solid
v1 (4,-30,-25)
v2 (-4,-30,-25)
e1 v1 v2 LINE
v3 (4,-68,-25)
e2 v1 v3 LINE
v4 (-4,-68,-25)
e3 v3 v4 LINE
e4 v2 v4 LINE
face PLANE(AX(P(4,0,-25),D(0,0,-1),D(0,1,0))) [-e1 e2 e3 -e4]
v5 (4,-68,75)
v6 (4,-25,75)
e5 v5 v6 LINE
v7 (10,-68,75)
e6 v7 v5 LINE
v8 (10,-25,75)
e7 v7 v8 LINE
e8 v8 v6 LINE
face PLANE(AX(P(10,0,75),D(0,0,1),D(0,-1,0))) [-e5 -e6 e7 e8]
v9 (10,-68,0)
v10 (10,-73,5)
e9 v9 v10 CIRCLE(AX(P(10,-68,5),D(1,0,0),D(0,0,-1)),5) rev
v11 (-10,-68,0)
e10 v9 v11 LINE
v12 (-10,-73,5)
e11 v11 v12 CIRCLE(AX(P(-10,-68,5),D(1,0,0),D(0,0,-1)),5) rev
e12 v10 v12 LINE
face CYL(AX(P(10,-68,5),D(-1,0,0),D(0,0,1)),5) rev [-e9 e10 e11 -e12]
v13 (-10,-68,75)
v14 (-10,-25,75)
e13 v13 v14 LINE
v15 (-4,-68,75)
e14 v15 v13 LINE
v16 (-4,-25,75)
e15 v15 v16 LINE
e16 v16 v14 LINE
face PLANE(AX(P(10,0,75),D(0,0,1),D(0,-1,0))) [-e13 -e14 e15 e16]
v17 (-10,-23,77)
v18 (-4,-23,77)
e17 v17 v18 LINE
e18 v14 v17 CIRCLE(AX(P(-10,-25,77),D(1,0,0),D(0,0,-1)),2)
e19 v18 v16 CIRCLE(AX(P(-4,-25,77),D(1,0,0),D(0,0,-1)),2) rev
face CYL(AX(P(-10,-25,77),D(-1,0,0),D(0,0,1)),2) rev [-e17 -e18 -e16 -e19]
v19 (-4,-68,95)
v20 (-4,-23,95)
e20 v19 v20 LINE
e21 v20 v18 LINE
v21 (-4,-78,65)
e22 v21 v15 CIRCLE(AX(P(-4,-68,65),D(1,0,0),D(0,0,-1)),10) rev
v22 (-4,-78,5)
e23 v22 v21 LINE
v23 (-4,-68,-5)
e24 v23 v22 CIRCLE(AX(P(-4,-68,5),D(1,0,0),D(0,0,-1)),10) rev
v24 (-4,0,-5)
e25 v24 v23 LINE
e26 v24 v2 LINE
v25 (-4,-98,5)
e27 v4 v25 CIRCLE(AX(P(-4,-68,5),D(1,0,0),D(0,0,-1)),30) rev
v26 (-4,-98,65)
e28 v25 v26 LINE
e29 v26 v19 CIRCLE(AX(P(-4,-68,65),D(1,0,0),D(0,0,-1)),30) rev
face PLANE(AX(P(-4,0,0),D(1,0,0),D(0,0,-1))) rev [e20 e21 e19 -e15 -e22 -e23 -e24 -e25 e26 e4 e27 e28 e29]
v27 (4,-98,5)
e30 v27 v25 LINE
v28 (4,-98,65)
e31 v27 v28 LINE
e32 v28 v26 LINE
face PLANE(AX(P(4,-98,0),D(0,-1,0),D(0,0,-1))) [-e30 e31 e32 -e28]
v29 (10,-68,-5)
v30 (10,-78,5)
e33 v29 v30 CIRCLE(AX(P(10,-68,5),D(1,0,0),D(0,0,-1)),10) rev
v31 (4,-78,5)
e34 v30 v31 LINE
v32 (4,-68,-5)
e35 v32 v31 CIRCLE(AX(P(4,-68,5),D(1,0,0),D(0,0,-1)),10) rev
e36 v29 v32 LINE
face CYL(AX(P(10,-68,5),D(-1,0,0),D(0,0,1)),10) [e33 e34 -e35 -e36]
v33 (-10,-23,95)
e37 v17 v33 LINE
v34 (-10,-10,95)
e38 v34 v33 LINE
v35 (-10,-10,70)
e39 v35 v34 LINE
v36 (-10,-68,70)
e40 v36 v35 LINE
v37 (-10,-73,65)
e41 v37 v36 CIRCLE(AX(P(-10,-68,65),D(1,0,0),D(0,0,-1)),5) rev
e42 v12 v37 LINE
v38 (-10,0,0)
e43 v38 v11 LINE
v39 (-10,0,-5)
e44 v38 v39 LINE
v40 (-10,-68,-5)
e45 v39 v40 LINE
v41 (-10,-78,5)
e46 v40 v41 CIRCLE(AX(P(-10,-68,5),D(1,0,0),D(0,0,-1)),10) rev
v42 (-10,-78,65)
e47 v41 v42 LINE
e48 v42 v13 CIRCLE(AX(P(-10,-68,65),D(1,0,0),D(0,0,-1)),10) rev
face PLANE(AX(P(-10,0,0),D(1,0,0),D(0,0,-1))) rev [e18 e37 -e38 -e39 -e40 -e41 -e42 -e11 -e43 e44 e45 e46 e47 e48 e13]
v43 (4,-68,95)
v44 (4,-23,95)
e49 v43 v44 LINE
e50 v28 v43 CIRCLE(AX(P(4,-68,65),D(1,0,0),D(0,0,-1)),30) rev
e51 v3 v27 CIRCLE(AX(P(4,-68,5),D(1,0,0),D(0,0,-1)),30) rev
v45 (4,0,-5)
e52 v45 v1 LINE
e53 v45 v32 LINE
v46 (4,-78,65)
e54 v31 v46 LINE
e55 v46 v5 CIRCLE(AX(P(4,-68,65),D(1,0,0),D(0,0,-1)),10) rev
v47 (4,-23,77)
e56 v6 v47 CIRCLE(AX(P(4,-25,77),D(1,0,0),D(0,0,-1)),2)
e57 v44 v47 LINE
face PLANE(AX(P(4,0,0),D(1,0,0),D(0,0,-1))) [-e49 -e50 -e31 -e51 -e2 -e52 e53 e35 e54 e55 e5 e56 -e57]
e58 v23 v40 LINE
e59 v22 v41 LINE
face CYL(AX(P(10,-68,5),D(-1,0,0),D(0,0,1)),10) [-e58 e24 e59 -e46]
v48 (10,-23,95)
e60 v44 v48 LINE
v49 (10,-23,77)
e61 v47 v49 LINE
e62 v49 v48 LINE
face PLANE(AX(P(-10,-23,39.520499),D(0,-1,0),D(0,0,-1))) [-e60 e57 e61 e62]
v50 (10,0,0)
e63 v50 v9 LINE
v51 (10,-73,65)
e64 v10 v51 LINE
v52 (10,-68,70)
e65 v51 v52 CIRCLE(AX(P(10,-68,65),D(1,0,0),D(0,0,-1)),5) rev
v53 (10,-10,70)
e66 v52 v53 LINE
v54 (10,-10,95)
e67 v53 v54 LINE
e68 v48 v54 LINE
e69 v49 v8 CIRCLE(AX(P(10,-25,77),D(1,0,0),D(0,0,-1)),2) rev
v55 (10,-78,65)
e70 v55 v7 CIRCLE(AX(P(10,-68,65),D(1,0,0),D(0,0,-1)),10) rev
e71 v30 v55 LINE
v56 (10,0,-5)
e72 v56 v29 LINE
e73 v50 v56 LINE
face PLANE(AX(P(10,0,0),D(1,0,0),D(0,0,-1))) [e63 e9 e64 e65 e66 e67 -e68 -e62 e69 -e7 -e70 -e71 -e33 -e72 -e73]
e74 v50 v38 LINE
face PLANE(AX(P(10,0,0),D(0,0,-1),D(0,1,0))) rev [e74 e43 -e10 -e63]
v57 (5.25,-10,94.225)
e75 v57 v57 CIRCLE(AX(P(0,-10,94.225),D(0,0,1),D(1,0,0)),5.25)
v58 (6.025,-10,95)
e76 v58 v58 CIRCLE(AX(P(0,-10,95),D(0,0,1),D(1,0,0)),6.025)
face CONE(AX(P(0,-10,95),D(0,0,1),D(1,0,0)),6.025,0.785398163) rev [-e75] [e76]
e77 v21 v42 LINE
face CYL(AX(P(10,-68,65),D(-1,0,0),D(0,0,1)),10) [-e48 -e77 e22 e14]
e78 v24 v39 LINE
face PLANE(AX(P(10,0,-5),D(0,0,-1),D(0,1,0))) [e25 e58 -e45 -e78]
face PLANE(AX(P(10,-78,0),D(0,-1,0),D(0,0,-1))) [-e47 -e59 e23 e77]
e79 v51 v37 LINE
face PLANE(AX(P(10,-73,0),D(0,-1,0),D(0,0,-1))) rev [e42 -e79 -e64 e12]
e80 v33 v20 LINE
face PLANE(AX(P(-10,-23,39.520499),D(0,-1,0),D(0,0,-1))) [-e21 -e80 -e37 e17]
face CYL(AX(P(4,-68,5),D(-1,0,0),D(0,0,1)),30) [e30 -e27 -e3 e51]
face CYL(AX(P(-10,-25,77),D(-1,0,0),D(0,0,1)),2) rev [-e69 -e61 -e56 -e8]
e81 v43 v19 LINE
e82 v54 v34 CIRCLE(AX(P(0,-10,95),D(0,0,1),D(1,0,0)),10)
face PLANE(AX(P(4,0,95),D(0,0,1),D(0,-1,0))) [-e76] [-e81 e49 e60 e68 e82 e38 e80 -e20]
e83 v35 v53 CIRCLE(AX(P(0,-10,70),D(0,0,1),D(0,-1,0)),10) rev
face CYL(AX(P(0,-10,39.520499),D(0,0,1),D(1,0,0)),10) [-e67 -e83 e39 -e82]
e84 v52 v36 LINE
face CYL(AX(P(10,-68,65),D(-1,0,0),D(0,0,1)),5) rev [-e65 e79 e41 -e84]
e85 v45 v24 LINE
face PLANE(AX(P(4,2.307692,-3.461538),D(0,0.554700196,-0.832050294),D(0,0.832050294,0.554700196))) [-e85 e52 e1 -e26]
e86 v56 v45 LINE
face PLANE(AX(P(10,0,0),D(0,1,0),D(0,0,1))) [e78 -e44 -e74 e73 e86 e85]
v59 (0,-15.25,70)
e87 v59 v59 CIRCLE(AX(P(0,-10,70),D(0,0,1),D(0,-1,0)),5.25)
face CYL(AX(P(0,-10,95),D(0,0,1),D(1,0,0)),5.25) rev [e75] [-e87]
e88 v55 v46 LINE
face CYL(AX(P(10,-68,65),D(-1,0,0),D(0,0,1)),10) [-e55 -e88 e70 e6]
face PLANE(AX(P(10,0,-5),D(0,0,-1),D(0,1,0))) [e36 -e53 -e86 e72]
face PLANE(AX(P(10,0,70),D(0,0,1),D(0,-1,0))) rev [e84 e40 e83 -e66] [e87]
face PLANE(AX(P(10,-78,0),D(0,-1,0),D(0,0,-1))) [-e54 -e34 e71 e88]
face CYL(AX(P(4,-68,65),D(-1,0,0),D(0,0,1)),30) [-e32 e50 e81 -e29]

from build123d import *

# Parameters (mm, degrees)
BOSS_EXTRUDE2_DEPTH              = 4
BOSS_EXTRUDE3_DEPTH              = 10
BOSS_EXTRUDE6_DEPTH              = 25
CUT_EXTRUDE3_DEPTH               = 25
M12X1_5_TAPPED_HOLE1_D           = 10.5
M12X1_5_TAPPED_HOLE1_DEPTH       = 25
M12X1_5_TAPPED_HOLE1_CSINK_D     = 12.05
M12X1_5_TAPPED_HOLE1_CSINK_ANGLE = 90
FILLET1_R                        = 2


with BuildPart() as part:
    # Sketch1 → Boss-Extrude2 (new, symmetric)
    with BuildSketch(Plane(origin=(0, 0, 0), x_dir=(0, 0, -1), z_dir=(1, 0, 0))):
        with BuildLine():
            ThreePointArc((-65, -98), (-86.213203, -89.213203), (-95, -68))
            Line((-95, -68), (-95, 0))
            Line((-95, 0), (-75, 0))
            Line((-75, 0), (-75, -68))
            ThreePointArc((-75, -68), (-72.071068, -75.071068), (-65, -78))
            Line((-65, -78), (-5, -78))
            ThreePointArc((-5, -78), (2.071068, -75.071068), (5, -68))
            Line((5, -68), (5, 0))
            Line((5, 0), (25, -30))
            Line((25, -30), (25, -68))
            ThreePointArc((25, -68), (16.213203, -89.213203), (-5, -98))
            Line((-5, -98), (-65, -98))
        make_face()
    extrude(amount=BOSS_EXTRUDE2_DEPTH, both=True)

    # Sketch1<5> → Boss-Extrude3 (add, symmetric)
    with BuildSketch(Plane(origin=(0, 0, 0), x_dir=(0, 0, -1), z_dir=(1, 0, 0))):
        with BuildLine():
            ThreePointArc((-65, -78), (-72.071068, -75.071068), (-75, -68))
            Line((-75, -68), (-75, 0))
            Line((-75, 0), (-70, 0))
            Line((-70, 0), (-70, -68))
            ThreePointArc((-70, -68), (-68.535534, -71.535534), (-65, -73))
            Line((-65, -73), (-5, -73))
            ThreePointArc((-5, -73), (-1.464466, -71.535534), (0, -68))
            Line((0, -68), (0, 0))
            Line((0, 0), (5, 0))
            Line((5, 0), (5, -68))
            ThreePointArc((5, -68), (2.071068, -75.071068), (-5, -78))
            Line((-5, -78), (-65, -78))
        make_face()
    extrude(amount=BOSS_EXTRUDE3_DEPTH, both=True)

    # Sketch2 → Boss-Extrude6 (add)
    with BuildSketch(Plane.XY.offset(95)):
        with BuildLine():
            Line((-10, -10), (-10, -23))
            Line((-10, -23), (10, -23))
            Line((10, -23), (10, -10))
            ThreePointArc((10, -10), (0, 0), (-10, -10))
        make_face()
    extrude(amount=-BOSS_EXTRUDE6_DEPTH)

    # Sketch4 → Cut-Extrude3 (cut)
    with BuildSketch(Plane.XY.offset(95)):
        with BuildLine():
            Line((10, 0), (4, 0))
            Line((4, 0), (4, -0.834849))
            ThreePointArc((4, -0.834849), (8.3666, -4.522774), (10, -10))
            Line((10, -10), (10, 0))
        make_face()
        with BuildLine():
            Line((-10, 0), (-10, -10))
            ThreePointArc((-10, -10), (-8.3666, -4.522774), (-4, -0.834849))
            Line((-4, -0.834849), (-4, 0))
            Line((-4, 0), (-10, 0))
        make_face()
        with BuildLine():
            Line((-4, 0), (-4, -0.834849))
            ThreePointArc((-4, -0.834849), (-2.043096, -0.210937), (0, 0))
            Line((0, 0), (-4, 0))
        make_face()
        with BuildLine():
            Line((4, 0), (0, 0))
            ThreePointArc((0, 0), (2.043096, -0.210937), (4, -0.834849))
            Line((4, -0.834849), (4, 0))
        make_face()
    extrude(amount=-CUT_EXTRUDE3_DEPTH, mode=Mode.SUBTRACT)

    # M12x1.5 Tapped Hole1
    with Locations(Plane.XY.offset(95)):
        with Locations((0, -10)):
            CounterSinkHole(M12X1_5_TAPPED_HOLE1_D / 2, M12X1_5_TAPPED_HOLE1_CSINK_D / 2, depth=M12X1_5_TAPPED_HOLE1_DEPTH, counter_sink_angle=M12X1_5_TAPPED_HOLE1_CSINK_ANGLE)

    # Fillet1
    fillet1_edges = [part.edges().sort_by_distance(p)[0] for p in [
        (-7, -23, 75),
        (7, -23, 75),
    ]]
    fillet(fillet1_edges, radius=FILLET1_R)


solid = part.part
